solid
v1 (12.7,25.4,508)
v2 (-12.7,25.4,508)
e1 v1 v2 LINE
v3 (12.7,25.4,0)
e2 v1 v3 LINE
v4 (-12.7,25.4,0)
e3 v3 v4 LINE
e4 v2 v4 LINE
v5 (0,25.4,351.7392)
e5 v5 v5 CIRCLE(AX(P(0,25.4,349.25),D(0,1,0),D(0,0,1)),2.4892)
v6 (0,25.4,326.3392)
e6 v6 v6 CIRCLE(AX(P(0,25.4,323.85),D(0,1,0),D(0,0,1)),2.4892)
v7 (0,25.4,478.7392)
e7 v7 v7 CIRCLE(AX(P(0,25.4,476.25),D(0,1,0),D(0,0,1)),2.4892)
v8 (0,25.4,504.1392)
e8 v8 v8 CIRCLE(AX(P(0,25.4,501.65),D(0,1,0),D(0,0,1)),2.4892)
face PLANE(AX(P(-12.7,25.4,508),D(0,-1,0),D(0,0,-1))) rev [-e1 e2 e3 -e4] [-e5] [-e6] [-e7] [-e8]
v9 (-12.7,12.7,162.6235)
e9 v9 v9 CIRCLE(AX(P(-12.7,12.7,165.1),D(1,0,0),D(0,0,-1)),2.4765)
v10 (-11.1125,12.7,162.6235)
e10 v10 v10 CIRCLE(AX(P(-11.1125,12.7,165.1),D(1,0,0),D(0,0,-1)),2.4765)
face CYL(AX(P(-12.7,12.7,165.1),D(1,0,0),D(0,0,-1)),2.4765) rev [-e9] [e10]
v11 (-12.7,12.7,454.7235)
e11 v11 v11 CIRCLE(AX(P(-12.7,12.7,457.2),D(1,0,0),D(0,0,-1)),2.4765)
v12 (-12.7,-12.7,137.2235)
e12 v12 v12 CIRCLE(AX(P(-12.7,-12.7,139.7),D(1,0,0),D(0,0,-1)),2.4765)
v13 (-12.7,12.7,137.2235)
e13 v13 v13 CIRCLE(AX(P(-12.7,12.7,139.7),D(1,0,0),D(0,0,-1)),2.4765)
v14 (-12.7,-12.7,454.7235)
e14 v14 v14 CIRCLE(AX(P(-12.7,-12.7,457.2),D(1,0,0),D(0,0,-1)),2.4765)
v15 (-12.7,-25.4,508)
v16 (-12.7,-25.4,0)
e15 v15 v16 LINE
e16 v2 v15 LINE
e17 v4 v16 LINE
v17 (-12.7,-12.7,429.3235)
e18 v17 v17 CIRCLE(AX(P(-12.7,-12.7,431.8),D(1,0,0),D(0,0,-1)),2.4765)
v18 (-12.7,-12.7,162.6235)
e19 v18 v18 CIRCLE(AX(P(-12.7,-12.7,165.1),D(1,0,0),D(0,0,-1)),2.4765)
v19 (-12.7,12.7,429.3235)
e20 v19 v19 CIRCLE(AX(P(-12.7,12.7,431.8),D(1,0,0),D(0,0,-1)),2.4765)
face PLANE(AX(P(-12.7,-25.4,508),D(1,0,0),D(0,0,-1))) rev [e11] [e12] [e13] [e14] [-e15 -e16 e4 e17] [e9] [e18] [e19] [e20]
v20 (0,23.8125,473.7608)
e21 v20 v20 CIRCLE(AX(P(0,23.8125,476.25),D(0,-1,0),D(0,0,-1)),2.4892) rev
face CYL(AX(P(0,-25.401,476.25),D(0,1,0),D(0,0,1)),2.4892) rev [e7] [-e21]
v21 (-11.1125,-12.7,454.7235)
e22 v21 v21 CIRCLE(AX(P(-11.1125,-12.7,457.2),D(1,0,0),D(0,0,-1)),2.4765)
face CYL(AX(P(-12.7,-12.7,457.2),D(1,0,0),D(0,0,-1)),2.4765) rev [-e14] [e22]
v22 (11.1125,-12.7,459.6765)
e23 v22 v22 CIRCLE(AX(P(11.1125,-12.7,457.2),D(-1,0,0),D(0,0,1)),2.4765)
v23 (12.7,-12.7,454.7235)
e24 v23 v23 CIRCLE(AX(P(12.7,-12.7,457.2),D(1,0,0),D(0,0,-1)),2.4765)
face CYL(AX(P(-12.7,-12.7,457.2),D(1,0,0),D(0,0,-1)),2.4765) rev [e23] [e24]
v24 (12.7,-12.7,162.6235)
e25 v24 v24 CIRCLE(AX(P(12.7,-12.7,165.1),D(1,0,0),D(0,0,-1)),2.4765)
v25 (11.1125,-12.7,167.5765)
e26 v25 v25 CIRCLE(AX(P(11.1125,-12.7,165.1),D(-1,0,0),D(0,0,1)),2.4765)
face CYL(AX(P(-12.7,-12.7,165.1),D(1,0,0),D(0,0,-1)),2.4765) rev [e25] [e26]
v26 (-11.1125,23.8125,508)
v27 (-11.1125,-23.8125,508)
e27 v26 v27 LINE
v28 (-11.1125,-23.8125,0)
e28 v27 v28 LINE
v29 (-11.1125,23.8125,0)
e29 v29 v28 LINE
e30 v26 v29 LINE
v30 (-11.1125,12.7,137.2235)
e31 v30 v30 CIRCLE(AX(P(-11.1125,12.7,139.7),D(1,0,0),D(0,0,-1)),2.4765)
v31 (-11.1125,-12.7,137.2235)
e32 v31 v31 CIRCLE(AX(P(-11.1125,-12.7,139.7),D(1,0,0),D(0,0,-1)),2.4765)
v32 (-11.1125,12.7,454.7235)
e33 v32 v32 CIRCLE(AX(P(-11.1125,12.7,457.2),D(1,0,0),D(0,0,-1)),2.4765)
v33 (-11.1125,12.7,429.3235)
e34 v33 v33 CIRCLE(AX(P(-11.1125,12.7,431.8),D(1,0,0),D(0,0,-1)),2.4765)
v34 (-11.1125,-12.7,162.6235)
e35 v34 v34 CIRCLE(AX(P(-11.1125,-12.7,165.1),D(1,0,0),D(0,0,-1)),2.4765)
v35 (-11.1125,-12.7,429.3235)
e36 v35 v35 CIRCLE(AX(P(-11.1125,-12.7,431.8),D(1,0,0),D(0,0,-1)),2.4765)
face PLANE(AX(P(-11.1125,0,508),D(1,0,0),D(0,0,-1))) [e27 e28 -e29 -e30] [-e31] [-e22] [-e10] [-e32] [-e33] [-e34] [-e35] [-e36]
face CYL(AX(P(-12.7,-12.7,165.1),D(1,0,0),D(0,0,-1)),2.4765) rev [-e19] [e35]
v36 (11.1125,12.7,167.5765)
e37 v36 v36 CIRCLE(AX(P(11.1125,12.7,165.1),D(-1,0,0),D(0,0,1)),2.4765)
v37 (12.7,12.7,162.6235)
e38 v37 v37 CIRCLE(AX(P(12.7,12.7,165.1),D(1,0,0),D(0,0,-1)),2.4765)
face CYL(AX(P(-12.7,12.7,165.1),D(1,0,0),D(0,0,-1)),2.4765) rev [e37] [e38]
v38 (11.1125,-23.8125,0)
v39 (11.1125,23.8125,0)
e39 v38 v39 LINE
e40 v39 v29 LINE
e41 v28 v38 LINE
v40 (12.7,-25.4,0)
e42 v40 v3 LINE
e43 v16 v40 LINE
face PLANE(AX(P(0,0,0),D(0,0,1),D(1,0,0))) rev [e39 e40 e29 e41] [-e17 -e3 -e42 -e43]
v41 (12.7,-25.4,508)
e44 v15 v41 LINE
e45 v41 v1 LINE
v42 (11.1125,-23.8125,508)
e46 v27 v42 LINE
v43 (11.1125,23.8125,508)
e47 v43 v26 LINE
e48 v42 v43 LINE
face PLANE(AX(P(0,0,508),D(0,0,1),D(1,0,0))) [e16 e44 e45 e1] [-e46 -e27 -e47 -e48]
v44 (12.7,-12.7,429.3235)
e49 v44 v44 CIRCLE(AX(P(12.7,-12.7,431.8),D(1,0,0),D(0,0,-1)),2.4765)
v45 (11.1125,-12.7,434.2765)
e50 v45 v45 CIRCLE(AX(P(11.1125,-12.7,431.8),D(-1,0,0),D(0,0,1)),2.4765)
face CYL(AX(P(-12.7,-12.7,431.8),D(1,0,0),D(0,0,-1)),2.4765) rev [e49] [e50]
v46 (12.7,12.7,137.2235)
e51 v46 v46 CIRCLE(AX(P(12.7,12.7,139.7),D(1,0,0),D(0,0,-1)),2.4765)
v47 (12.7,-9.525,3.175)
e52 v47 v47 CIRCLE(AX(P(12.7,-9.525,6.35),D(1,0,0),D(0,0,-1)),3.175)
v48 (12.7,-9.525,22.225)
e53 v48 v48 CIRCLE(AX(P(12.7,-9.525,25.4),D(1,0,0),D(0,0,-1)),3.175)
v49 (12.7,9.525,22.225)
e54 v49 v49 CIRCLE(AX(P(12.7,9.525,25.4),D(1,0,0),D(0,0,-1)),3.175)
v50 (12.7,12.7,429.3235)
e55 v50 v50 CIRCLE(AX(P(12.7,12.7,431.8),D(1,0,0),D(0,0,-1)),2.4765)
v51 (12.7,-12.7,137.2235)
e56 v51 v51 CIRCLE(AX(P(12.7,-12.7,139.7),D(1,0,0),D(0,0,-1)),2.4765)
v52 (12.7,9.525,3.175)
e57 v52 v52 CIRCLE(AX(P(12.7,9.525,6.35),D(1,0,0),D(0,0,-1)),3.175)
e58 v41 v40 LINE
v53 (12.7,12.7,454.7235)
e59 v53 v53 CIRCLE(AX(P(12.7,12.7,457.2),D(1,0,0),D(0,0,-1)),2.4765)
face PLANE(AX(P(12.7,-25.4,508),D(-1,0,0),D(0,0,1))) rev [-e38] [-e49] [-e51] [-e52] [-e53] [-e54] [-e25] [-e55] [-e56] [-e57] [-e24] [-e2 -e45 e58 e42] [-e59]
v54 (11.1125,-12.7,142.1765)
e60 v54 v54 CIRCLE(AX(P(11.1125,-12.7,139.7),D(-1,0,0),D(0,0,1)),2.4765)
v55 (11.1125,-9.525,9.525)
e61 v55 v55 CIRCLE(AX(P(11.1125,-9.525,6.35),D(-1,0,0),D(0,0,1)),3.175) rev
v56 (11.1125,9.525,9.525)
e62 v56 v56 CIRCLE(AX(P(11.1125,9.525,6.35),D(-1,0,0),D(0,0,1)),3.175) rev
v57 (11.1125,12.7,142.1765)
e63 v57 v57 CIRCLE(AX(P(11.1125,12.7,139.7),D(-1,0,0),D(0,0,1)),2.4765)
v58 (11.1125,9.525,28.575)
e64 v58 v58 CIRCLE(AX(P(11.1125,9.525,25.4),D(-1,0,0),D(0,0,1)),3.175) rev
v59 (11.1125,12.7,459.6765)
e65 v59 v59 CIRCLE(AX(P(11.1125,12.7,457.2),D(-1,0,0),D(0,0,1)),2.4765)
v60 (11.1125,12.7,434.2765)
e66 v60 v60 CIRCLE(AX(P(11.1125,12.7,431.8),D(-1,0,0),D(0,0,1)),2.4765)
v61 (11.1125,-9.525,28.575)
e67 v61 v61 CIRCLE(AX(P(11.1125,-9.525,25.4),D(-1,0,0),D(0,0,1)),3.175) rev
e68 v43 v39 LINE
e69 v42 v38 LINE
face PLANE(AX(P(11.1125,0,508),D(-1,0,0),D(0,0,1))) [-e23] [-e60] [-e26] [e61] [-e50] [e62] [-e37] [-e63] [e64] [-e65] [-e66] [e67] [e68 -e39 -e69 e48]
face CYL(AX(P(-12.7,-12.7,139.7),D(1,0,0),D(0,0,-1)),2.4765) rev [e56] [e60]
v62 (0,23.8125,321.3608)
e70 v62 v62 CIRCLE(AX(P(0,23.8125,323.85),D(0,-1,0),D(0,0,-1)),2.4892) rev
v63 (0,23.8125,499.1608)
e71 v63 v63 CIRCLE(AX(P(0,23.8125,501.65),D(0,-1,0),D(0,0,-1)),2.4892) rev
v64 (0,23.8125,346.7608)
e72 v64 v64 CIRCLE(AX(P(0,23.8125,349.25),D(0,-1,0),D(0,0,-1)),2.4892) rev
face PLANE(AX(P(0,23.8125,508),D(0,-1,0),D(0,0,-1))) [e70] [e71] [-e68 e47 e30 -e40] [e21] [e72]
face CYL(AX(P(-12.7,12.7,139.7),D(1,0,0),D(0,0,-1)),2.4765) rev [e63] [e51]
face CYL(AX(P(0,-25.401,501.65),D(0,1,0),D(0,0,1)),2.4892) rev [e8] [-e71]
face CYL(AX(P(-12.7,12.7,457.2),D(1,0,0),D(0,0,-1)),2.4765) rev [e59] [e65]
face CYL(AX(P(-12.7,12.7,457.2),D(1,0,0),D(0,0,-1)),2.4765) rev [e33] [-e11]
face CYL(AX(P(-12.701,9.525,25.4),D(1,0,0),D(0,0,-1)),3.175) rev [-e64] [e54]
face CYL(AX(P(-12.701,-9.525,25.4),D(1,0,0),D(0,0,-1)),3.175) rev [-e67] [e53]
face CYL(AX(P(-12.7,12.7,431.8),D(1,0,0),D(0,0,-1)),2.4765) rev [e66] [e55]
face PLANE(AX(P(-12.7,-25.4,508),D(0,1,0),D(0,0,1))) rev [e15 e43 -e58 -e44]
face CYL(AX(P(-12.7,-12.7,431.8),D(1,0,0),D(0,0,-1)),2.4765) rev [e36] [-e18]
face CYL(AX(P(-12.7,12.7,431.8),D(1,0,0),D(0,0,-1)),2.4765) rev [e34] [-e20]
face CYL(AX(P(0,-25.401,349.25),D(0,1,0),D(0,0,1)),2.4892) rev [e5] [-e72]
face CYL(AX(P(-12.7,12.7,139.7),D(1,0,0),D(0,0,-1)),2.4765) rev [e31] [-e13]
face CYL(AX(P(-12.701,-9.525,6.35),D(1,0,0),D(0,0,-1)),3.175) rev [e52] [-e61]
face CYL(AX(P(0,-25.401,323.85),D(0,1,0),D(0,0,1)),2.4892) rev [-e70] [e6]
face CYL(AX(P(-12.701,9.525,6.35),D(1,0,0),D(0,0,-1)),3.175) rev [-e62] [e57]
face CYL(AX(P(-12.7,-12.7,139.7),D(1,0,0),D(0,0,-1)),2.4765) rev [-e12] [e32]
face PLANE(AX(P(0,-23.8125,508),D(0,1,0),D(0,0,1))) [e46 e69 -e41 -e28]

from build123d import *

# Parameters (mm, degrees)
SKETCH1_W           = 25.4
SKETCH1_H           = 50.8
SKETCH1_W_2         = 22.225
SKETCH1_H_2         = 47.625
EXTRUDE_THIN1_DEPTH = 508
SKETCH2_R           = 2.4765
CUT_EXTRUDE1_DEPTH  = 26.4
CUT_EXTRUDE2_REACH  = 52.8
SKETCH3_R           = 2.4892
CUT_EXTRUDE3_REACH  = 27.4
SKETCH4_R           = 3.175


with BuildPart() as part:
    # Sketch1 → Extrude-Thin1 (new body)
    with BuildSketch(Plane.XY):
        Rectangle(SKETCH1_W, SKETCH1_H)
        Rectangle(SKETCH1_W_2, SKETCH1_H_2, mode=Mode.SUBTRACT)
    extrude(amount=EXTRUDE_THIN1_DEPTH)

    # Sketch2 → Cut-Extrude1 (cut, through all)
    with BuildSketch(Plane(origin=(12.7, 0, 0), x_dir=(0, 0, -1), z_dir=(1, 0, 0))):
        with Locations((-457.2, 12.7)):
            Circle(SKETCH2_R)
        with Locations((-431.8, 12.7)):
            Circle(SKETCH2_R)
        with Locations((-431.8, -12.7)):
            Circle(SKETCH2_R)
        with Locations((-457.2, -12.7)):
            Circle(SKETCH2_R)
        with Locations((-165.1, 12.7)):
            Circle(SKETCH2_R)
        with Locations((-139.7, 12.7)):
            Circle(SKETCH2_R)
        with Locations((-139.7, -12.7)):
            Circle(SKETCH2_R)
        with Locations((-165.1, -12.7)):
            Circle(SKETCH2_R)
    extrude(amount=-CUT_EXTRUDE1_DEPTH, mode=Mode.SUBTRACT)

    # Sketch3 → Cut-Extrude2 (cut, up to next)
    with BuildSketch(Plane(origin=(0, 25.4, 0), x_dir=(1, 0, 0), z_dir=(0, 1, 0)), mode=Mode.PRIVATE) as cut_extrude2_sk1:
        with Locations((0, -323.85)):
            Circle(SKETCH3_R)
    cut_extrude2_tool1 = extrude(cut_extrude2_sk1.sketch, amount=-CUT_EXTRUDE2_REACH, mode=Mode.PRIVATE) & part.part
    add(cut_extrude2_tool1.solids().sort_by_distance((0, 25.4, 323.85))[0], mode=Mode.SUBTRACT)
    # Sketch3 → Cut-Extrude2 (cut, up to next)
    with BuildSketch(Plane(origin=(0, 25.4, 0), x_dir=(1, 0, 0), z_dir=(0, 1, 0)), mode=Mode.PRIVATE) as cut_extrude2_sk2:
        with Locations((0, -349.25)):
            Circle(SKETCH3_R)
    cut_extrude2_tool2 = extrude(cut_extrude2_sk2.sketch, amount=-CUT_EXTRUDE2_REACH, mode=Mode.PRIVATE) & part.part
    add(cut_extrude2_tool2.solids().sort_by_distance((0, 25.4, 349.25))[0], mode=Mode.SUBTRACT)
    # Sketch3 → Cut-Extrude2 (cut, up to next)
    with BuildSketch(Plane(origin=(0, 25.4, 0), x_dir=(1, 0, 0), z_dir=(0, 1, 0)), mode=Mode.PRIVATE) as cut_extrude2_sk3:
        with Locations((0, -476.25)):
            Circle(SKETCH3_R)
    cut_extrude2_tool3 = extrude(cut_extrude2_sk3.sketch, amount=-CUT_EXTRUDE2_REACH, mode=Mode.PRIVATE) & part.part
    add(cut_extrude2_tool3.solids().sort_by_distance((0, 25.4, 476.25))[0], mode=Mode.SUBTRACT)
    # Sketch3 → Cut-Extrude2 (cut, up to next)
    with BuildSketch(Plane(origin=(0, 25.4, 0), x_dir=(1, 0, 0), z_dir=(0, 1, 0)), mode=Mode.PRIVATE) as cut_extrude2_sk4:
        with Locations((0, -501.65)):
            Circle(SKETCH3_R)
    cut_extrude2_tool4 = extrude(cut_extrude2_sk4.sketch, amount=-CUT_EXTRUDE2_REACH, mode=Mode.PRIVATE) & part.part
    add(cut_extrude2_tool4.solids().sort_by_distance((0, 25.4, 501.65))[0], mode=Mode.SUBTRACT)

    # Sketch4 → Cut-Extrude3 (cut, up to next)
    with BuildSketch(Plane(origin=(12.7, 0, 0), x_dir=(0, 0, -1), z_dir=(1, 0, 0)), mode=Mode.PRIVATE) as cut_extrude3_sk1:
        with Locations((-25.4, 9.525)):
            Circle(SKETCH4_R)
    cut_extrude3_tool1 = extrude(cut_extrude3_sk1.sketch, amount=-CUT_EXTRUDE3_REACH, mode=Mode.PRIVATE) & part.part
    add(cut_extrude3_tool1.solids().sort_by_distance((12.7, 9.525, 25.4))[0], mode=Mode.SUBTRACT)
    # Sketch4 → Cut-Extrude3 (cut, up to next)
    with BuildSketch(Plane(origin=(12.7, 0, 0), x_dir=(0, 0, -1), z_dir=(1, 0, 0)), mode=Mode.PRIVATE) as cut_extrude3_sk2:
        with Locations((-6.35, 9.525)):
            Circle(SKETCH4_R)
    cut_extrude3_tool2 = extrude(cut_extrude3_sk2.sketch, amount=-CUT_EXTRUDE3_REACH, mode=Mode.PRIVATE) & part.part
    add(cut_extrude3_tool2.solids().sort_by_distance((12.7, 9.525, 6.35))[0], mode=Mode.SUBTRACT)
    # Sketch4 → Cut-Extrude3 (cut, up to next)
    with BuildSketch(Plane(origin=(12.7, 0, 0), x_dir=(0, 0, -1), z_dir=(1, 0, 0)), mode=Mode.PRIVATE) as cut_extrude3_sk3:
        with Locations((-6.35, -9.525)):
            Circle(SKETCH4_R)
    cut_extrude3_tool3 = extrude(cut_extrude3_sk3.sketch, amount=-CUT_EXTRUDE3_REACH, mode=Mode.PRIVATE) & part.part
    add(cut_extrude3_tool3.solids().sort_by_distance((12.7, -9.525, 6.35))[0], mode=Mode.SUBTRACT)
    # Sketch4 → Cut-Extrude3 (cut, up to next)
    with BuildSketch(Plane(origin=(12.7, 0, 0), x_dir=(0, 0, -1), z_dir=(1, 0, 0)), mode=Mode.PRIVATE) as cut_extrude3_sk4:
        with Locations((-25.4, -9.525)):
            Circle(SKETCH4_R)
    cut_extrude3_tool4 = extrude(cut_extrude3_sk4.sketch, amount=-CUT_EXTRUDE3_REACH, mode=Mode.PRIVATE) & part.part
    add(cut_extrude3_tool4.solids().sort_by_distance((12.7, -9.525, 25.4))[0], mode=Mode.SUBTRACT)


solid = part.part
